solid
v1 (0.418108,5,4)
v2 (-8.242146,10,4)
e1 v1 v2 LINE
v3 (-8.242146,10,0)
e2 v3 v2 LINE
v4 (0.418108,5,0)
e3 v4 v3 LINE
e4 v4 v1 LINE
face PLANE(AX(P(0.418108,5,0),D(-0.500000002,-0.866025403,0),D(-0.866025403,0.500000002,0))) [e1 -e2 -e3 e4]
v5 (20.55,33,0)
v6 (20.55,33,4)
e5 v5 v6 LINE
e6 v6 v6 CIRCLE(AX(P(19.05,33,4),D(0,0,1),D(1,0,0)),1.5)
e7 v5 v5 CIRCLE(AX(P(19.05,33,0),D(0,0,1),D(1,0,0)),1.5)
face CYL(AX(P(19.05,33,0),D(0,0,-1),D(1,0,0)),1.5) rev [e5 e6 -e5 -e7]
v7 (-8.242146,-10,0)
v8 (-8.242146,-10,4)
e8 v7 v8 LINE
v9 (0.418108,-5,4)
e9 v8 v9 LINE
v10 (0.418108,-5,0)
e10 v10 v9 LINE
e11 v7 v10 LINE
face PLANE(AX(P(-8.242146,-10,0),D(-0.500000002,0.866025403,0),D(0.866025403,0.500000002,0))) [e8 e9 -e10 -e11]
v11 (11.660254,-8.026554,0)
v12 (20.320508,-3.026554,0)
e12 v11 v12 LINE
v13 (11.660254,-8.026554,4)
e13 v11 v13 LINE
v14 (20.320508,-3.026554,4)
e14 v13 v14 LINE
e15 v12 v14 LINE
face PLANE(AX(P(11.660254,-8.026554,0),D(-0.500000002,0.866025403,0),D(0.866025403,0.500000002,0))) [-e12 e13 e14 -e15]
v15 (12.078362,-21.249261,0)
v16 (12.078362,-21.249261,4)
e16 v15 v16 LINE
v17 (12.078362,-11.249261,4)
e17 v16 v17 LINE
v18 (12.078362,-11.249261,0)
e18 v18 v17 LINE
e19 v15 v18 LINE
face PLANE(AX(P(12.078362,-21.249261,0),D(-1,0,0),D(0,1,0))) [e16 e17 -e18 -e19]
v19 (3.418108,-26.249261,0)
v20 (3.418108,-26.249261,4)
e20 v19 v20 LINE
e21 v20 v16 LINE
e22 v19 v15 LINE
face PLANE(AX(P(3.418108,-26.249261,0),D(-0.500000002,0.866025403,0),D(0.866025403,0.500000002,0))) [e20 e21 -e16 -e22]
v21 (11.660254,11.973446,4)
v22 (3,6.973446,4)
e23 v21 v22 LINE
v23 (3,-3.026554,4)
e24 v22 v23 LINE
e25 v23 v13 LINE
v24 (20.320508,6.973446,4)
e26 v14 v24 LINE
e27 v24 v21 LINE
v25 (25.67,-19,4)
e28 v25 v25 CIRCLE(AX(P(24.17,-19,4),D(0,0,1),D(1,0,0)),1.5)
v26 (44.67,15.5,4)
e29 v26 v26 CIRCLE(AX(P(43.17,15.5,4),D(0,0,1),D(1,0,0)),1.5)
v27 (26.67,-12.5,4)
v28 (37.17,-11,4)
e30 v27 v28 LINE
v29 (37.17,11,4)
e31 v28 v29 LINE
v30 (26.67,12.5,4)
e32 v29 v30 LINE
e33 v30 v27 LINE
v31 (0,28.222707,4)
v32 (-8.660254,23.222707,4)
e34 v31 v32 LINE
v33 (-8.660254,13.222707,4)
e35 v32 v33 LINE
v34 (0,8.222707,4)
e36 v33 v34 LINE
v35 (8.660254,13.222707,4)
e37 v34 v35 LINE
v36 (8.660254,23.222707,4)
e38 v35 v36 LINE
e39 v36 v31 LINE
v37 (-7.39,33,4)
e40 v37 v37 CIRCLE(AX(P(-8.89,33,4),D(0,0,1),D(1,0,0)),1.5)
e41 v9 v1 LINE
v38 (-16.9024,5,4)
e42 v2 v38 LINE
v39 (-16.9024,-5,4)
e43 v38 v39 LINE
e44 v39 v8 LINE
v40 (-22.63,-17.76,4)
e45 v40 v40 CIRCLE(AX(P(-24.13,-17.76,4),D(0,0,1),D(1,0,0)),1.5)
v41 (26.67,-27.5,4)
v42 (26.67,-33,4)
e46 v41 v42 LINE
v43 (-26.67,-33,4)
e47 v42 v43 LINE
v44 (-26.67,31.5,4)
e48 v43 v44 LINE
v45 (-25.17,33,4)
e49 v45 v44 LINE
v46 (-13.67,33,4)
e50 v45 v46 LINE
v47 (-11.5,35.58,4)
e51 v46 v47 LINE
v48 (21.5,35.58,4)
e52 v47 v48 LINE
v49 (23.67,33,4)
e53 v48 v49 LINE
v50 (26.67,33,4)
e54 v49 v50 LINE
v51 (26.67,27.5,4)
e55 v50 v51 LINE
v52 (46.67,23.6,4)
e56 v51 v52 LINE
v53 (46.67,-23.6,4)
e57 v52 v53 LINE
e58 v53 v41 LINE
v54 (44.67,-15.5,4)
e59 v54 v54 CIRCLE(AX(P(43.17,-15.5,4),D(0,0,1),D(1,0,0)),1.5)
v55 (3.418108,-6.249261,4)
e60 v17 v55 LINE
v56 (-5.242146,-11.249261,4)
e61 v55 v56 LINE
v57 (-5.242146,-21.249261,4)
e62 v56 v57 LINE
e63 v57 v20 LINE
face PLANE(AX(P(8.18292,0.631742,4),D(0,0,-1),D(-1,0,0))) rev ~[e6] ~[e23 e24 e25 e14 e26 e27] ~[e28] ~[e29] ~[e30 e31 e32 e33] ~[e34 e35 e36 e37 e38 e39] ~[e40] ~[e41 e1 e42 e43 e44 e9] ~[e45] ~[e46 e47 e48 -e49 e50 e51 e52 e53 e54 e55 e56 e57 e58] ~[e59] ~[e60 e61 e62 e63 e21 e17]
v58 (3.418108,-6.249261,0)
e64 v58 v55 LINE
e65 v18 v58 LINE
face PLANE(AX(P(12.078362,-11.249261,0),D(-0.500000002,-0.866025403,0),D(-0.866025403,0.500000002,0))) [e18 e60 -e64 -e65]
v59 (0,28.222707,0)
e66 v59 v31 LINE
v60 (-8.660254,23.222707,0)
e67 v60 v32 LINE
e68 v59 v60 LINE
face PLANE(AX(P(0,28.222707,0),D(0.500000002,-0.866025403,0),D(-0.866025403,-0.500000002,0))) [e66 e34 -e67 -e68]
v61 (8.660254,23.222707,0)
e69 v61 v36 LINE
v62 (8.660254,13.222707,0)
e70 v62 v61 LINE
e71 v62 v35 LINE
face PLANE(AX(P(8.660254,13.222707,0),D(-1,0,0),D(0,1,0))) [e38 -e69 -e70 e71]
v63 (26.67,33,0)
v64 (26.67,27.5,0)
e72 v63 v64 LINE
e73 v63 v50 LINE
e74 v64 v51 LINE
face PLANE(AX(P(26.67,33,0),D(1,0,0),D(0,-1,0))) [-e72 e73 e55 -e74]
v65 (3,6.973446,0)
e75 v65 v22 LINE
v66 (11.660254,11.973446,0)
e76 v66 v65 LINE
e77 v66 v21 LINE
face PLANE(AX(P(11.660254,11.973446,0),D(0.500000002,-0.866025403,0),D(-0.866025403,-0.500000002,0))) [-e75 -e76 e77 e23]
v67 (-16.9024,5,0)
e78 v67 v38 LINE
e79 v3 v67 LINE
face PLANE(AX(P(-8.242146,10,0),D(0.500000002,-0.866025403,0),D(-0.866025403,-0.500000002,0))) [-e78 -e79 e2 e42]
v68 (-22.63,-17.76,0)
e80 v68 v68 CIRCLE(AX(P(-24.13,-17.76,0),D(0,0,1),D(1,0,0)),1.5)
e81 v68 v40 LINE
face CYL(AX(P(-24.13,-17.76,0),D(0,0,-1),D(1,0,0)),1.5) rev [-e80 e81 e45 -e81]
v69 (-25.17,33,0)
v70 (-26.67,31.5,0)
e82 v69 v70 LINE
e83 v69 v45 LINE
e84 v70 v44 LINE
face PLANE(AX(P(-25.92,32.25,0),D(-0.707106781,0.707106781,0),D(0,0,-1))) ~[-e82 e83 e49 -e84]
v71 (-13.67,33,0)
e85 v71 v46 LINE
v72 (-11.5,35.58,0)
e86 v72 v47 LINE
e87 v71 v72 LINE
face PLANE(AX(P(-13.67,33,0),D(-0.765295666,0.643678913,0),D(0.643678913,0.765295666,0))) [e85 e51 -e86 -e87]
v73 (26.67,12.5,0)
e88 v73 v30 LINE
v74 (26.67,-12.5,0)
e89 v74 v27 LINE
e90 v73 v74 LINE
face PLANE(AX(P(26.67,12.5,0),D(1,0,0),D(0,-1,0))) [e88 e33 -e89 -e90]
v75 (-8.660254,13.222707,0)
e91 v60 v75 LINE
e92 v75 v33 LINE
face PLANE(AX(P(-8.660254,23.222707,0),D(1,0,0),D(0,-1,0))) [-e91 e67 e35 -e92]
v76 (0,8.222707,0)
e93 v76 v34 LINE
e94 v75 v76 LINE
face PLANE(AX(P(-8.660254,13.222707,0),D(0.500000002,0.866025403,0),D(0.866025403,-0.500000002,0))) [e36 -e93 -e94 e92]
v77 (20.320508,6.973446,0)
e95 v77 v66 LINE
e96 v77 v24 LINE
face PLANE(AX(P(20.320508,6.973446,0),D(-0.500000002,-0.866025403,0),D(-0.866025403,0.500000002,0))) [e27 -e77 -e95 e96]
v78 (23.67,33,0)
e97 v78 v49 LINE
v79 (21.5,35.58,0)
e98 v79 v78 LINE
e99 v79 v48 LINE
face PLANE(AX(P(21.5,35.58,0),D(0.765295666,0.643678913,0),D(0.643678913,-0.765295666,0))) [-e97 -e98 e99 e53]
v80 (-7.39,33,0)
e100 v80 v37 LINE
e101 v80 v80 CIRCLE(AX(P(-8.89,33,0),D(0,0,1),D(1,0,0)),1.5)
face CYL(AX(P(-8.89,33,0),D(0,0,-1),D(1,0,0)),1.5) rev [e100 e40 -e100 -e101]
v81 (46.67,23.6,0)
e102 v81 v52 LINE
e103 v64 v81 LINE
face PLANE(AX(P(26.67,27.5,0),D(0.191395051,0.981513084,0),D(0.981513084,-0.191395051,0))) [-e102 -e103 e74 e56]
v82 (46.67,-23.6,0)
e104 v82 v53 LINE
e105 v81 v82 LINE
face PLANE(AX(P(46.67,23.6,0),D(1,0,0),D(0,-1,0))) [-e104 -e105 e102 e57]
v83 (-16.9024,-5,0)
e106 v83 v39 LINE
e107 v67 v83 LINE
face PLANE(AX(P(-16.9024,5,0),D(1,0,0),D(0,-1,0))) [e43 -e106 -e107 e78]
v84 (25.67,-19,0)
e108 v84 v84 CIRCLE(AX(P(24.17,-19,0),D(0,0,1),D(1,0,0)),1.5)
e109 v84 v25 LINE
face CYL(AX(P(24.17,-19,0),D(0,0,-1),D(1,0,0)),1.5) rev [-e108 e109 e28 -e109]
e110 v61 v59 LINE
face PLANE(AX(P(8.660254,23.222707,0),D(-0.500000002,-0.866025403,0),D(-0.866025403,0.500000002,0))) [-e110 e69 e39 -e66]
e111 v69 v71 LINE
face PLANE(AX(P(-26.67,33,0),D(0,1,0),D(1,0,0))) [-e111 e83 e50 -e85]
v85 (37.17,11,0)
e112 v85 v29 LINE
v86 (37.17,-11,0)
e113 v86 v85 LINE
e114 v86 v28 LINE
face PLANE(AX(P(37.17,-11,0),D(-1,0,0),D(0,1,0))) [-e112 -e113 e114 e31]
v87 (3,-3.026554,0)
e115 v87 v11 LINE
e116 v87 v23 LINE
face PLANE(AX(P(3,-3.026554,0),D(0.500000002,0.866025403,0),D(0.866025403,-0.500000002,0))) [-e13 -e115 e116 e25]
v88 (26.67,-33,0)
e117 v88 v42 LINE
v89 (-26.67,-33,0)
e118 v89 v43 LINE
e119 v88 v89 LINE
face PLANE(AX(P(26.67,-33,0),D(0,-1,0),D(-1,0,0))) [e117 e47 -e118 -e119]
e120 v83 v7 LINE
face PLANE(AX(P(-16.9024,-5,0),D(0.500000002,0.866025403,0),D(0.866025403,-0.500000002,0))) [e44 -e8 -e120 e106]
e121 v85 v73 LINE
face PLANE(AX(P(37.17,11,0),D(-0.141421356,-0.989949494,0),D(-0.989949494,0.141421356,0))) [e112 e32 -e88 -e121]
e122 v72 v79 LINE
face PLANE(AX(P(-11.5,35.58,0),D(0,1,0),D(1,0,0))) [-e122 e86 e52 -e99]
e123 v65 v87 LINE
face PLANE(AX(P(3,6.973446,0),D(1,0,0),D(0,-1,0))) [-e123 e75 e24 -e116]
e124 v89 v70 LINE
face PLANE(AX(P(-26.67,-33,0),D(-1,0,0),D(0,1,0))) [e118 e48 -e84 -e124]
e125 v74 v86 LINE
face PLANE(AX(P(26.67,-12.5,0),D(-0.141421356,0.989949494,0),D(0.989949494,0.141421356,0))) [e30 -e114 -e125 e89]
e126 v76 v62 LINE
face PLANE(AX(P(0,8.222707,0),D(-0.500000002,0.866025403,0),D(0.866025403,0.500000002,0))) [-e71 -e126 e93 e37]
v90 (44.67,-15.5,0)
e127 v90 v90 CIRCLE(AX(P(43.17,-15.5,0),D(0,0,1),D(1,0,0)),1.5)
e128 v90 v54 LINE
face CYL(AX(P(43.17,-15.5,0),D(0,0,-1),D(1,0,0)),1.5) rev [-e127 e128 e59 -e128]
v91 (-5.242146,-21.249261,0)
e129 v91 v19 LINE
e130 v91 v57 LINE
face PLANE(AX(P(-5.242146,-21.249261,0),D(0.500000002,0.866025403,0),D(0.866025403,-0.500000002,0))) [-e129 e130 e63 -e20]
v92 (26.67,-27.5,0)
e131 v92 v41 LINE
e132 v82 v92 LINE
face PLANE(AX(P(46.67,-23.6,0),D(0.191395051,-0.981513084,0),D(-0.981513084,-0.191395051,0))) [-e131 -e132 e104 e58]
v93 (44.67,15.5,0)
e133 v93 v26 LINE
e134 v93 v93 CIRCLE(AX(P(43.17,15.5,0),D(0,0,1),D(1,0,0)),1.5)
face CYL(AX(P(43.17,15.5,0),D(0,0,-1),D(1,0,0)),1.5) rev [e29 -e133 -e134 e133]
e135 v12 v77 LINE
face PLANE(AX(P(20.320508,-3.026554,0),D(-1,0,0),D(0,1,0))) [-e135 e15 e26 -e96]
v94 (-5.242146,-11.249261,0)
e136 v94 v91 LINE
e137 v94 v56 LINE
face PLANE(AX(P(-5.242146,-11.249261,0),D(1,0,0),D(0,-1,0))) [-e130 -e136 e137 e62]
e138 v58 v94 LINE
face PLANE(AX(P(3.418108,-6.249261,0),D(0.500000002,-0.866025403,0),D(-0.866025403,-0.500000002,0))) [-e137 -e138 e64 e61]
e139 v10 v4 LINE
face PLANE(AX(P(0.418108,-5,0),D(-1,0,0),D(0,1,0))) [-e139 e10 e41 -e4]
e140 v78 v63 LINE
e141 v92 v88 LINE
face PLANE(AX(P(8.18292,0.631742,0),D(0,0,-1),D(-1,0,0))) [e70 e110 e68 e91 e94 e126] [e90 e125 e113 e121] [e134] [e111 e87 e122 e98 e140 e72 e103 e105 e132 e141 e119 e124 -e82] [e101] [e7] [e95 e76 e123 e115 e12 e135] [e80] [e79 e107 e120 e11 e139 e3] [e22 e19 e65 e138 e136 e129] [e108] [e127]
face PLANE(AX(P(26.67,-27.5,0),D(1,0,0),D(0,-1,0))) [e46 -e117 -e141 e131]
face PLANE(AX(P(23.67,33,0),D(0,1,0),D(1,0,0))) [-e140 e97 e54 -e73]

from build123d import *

# Parameters (mm, degrees)
SKETCH_R     = 1.5
PAD_DEPTH    = 4
CHAMFER_SIZE = 1.5


with BuildPart() as part:
    # Sketch → Pad (new body)
    with BuildSketch(Plane.XY):
        Polygon((-11.5, 35.58), (21.5, 35.58), (23.67, 33), (26.67, 33), (26.67, 27.5), (46.67, 23.6), (46.67, -23.6), (26.67, -27.5), (26.67, -33), (-26.67, -33), (-26.67, 33), (-13.67, 33), align=None)
        with Locations((43.17, 15.5)):
            Circle(SKETCH_R, mode=Mode.SUBTRACT)
        with Locations((43.17, -15.5)):
            Circle(SKETCH_R, mode=Mode.SUBTRACT)
        with Locations((19.05, 33)):
            Circle(SKETCH_R, mode=Mode.SUBTRACT)
        with Locations((-8.89, 33)):
            Circle(SKETCH_R, mode=Mode.SUBTRACT)
        with Locations((-24.13, -17.76)):
            Circle(SKETCH_R, mode=Mode.SUBTRACT)
        with Locations((24.17, -19)):
            Circle(SKETCH_R, mode=Mode.SUBTRACT)
        Polygon((8.660254, 13.222707), (8.660254, 23.222707), (0, 28.222707), (-8.660254, 23.222707), (-8.660254, 13.222707), (0, 8.222707), align=None, mode=Mode.SUBTRACT)
        Polygon((20.320508, -3.026554), (20.320508, 6.973446), (11.660254, 11.973446), (3, 6.973446), (3, -3.026554), (11.660254, -8.026554), align=None, mode=Mode.SUBTRACT)
        Polygon((0.418108, -5), (0.418108, 5), (-8.242146, 10), (-16.9024, 5), (-16.9024, -5), (-8.242146, -10), align=None, mode=Mode.SUBTRACT)
        Polygon((12.078362, -21.249261), (12.078362, -11.249261), (3.418108, -6.249261), (-5.242146, -11.249261), (-5.242146, -21.249261), (3.418108, -26.249261), align=None, mode=Mode.SUBTRACT)
        Polygon((26.67, 12.5), (26.67, -12.5), (37.17, -11), (37.17, 11), align=None, mode=Mode.SUBTRACT)
    extrude(amount=PAD_DEPTH)

    # Chamfer
    chamfer_edges = [part.edges().sort_by_distance(p)[0] for p in [
        (-26.67, 33, 2),
    ]]
    chamfer(chamfer_edges, length=CHAMFER_SIZE)


solid = part.part
